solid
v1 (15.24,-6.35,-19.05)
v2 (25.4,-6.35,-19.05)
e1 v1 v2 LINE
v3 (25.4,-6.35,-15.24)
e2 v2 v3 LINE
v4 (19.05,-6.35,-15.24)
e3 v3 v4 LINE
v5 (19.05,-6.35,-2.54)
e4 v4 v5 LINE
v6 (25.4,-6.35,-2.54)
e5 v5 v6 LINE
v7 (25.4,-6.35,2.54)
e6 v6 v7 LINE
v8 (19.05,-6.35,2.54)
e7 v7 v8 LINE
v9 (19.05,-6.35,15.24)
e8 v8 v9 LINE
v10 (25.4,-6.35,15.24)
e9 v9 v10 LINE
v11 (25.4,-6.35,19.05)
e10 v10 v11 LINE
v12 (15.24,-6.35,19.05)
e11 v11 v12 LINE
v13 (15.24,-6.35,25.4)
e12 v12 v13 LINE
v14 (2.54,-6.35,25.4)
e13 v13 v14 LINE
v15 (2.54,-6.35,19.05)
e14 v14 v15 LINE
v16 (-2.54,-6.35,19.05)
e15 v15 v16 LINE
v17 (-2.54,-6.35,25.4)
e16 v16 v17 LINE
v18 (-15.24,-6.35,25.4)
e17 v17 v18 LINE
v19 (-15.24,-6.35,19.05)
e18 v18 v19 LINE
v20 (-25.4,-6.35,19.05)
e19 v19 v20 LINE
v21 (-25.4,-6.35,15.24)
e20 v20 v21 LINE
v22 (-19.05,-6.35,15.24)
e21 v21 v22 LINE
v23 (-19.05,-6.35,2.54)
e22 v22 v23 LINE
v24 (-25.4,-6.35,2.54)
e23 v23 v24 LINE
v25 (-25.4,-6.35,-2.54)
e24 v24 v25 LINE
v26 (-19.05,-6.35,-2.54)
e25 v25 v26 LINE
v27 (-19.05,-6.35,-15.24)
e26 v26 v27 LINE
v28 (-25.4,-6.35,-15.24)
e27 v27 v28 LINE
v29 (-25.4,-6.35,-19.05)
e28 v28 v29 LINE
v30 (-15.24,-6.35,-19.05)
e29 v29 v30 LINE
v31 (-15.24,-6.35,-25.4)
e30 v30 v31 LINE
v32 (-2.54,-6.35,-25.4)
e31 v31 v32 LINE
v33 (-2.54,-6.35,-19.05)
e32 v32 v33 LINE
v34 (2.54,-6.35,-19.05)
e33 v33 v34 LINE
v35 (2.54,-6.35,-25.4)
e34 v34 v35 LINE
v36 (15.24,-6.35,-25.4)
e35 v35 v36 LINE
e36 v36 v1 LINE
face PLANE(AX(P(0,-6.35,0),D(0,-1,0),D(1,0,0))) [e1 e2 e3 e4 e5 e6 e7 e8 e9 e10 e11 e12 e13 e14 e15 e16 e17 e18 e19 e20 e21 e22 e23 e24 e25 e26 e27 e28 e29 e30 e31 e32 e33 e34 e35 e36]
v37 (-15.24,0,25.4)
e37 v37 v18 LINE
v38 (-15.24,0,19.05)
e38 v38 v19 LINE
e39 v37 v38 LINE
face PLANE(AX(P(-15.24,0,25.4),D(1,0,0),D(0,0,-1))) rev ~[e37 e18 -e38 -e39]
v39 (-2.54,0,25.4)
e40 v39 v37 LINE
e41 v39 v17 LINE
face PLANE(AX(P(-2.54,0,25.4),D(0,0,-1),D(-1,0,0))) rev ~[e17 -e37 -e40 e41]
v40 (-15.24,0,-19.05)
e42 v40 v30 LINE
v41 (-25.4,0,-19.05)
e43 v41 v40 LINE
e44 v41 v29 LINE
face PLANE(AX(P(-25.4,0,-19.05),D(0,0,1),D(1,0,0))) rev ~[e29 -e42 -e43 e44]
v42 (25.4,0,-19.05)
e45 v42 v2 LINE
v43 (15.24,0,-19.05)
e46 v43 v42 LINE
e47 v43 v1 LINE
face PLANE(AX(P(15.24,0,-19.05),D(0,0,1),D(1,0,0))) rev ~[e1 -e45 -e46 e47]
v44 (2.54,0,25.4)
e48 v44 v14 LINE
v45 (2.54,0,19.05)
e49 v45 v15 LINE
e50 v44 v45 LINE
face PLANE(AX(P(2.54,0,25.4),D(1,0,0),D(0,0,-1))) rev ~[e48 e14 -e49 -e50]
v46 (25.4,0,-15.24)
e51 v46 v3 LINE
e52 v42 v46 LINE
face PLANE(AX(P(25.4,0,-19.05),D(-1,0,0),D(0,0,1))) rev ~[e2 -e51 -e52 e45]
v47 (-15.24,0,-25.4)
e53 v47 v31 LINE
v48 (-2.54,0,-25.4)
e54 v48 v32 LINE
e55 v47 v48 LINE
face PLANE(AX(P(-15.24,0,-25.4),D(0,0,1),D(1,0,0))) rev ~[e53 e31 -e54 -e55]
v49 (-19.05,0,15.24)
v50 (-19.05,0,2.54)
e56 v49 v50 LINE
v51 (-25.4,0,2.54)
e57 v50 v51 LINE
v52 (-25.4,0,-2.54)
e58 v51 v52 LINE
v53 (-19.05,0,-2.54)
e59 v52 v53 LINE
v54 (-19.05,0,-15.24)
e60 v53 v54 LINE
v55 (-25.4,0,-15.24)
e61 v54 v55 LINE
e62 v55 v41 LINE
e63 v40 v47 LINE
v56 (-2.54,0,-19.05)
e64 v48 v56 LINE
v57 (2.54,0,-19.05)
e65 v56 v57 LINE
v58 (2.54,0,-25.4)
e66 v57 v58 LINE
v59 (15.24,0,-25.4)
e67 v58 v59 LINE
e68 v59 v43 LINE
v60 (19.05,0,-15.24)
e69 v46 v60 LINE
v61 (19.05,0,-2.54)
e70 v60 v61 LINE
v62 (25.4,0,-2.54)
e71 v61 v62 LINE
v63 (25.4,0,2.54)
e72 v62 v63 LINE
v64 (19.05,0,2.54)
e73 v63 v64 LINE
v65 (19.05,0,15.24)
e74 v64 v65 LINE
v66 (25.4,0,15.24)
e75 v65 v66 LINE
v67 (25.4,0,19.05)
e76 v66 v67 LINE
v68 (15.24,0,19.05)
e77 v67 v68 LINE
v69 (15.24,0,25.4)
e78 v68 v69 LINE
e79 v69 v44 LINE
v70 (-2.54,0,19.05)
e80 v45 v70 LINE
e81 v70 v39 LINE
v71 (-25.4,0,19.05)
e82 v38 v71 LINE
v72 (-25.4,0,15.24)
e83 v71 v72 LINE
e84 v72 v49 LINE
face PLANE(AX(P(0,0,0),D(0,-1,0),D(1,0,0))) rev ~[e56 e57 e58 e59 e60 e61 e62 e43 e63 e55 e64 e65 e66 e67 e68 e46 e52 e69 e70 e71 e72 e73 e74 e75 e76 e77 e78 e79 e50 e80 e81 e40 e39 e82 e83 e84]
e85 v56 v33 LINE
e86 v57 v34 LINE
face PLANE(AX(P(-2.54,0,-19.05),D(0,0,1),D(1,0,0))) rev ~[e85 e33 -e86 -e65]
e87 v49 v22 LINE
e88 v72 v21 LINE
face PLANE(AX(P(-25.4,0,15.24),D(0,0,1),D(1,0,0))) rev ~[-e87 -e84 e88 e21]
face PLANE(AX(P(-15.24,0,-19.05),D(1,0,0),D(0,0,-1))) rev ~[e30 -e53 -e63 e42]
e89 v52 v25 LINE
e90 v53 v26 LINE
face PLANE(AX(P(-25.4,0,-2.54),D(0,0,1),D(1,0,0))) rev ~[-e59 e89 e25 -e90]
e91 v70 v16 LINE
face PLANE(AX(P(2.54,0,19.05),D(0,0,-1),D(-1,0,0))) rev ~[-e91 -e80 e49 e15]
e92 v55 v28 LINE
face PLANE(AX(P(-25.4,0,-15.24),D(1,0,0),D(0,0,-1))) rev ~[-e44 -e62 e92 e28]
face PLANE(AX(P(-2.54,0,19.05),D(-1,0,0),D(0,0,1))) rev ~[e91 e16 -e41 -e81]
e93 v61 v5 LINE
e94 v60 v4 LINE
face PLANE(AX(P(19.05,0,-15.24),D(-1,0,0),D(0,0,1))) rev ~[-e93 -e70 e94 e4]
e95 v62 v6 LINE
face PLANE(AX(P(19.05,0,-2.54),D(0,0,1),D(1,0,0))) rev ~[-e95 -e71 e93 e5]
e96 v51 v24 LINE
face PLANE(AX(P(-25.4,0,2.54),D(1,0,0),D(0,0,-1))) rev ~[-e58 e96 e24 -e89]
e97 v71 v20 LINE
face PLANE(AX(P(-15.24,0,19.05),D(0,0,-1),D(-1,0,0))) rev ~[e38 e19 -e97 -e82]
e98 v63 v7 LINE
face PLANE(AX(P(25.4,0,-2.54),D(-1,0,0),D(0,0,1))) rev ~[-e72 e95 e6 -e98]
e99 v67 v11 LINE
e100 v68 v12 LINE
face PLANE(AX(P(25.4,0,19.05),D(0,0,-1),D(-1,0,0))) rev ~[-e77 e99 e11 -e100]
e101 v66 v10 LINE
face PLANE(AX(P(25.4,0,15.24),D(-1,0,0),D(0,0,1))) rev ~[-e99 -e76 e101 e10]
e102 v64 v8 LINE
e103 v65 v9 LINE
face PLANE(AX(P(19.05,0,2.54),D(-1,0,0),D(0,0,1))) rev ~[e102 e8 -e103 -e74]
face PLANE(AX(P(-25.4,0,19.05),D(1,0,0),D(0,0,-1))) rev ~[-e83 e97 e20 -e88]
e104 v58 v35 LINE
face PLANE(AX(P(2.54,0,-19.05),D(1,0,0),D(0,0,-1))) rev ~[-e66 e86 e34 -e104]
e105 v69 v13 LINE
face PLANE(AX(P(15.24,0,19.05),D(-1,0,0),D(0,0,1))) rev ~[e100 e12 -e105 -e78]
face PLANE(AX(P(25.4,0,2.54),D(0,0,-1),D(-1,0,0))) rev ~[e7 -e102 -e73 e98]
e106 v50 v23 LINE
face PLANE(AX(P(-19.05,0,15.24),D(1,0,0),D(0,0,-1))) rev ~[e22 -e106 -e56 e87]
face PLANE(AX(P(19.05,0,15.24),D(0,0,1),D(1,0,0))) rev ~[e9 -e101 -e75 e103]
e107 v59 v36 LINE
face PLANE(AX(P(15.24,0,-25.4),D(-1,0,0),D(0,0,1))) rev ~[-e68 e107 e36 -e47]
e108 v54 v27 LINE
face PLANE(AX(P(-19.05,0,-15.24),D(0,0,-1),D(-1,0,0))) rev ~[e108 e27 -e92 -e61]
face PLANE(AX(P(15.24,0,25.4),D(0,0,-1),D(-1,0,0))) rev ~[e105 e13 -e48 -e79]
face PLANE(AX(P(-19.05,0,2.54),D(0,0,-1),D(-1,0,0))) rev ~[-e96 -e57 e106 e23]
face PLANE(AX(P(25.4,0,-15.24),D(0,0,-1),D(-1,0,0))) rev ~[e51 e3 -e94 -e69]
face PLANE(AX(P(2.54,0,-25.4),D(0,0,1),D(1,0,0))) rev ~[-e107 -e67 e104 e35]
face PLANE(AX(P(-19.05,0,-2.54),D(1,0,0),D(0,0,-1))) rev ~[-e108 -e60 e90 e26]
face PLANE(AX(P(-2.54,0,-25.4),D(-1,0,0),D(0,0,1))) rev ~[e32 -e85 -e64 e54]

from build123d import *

# Parameters (mm, degrees)
F1_DEPTH = 6.35


with BuildPart() as f1:
    # F0 (on Front) → F1 (new body)
    with BuildSketch(Plane.XZ):
        Polygon((-15.24, -19.05), (-15.24, -25.4), (-2.54, -25.4), (-2.54, -19.05), (2.54, -19.05), (2.54, -25.4), (15.24, -25.4), (15.24, -19.05), (25.4, -19.05), (25.4, -15.24), (19.05, -15.24), (19.05, -2.54), (25.4, -2.54), (25.4, 2.54), (19.05, 2.54), (19.05, 15.24), (25.4, 15.24), (25.4, 19.05), (19.05, 19.05), (15.24, 19.05), (15.24, 25.4), (2.54, 25.4), (2.54, 19.05), (-2.54, 19.05), (-2.54, 25.4), (-15.24, 25.4), (-15.24, 19.05), (-19.05, 19.05), (-25.4, 19.05), (-25.4, 15.24), (-19.05, 15.24), (-19.05, 2.54), (-25.4, 2.54), (-25.4, -2.54), (-19.05, -2.54), (-19.05, -15.24), (-25.4, -15.24), (-25.4, -19.05), align=None)
    extrude(amount=F1_DEPTH)


solid = f1.part
